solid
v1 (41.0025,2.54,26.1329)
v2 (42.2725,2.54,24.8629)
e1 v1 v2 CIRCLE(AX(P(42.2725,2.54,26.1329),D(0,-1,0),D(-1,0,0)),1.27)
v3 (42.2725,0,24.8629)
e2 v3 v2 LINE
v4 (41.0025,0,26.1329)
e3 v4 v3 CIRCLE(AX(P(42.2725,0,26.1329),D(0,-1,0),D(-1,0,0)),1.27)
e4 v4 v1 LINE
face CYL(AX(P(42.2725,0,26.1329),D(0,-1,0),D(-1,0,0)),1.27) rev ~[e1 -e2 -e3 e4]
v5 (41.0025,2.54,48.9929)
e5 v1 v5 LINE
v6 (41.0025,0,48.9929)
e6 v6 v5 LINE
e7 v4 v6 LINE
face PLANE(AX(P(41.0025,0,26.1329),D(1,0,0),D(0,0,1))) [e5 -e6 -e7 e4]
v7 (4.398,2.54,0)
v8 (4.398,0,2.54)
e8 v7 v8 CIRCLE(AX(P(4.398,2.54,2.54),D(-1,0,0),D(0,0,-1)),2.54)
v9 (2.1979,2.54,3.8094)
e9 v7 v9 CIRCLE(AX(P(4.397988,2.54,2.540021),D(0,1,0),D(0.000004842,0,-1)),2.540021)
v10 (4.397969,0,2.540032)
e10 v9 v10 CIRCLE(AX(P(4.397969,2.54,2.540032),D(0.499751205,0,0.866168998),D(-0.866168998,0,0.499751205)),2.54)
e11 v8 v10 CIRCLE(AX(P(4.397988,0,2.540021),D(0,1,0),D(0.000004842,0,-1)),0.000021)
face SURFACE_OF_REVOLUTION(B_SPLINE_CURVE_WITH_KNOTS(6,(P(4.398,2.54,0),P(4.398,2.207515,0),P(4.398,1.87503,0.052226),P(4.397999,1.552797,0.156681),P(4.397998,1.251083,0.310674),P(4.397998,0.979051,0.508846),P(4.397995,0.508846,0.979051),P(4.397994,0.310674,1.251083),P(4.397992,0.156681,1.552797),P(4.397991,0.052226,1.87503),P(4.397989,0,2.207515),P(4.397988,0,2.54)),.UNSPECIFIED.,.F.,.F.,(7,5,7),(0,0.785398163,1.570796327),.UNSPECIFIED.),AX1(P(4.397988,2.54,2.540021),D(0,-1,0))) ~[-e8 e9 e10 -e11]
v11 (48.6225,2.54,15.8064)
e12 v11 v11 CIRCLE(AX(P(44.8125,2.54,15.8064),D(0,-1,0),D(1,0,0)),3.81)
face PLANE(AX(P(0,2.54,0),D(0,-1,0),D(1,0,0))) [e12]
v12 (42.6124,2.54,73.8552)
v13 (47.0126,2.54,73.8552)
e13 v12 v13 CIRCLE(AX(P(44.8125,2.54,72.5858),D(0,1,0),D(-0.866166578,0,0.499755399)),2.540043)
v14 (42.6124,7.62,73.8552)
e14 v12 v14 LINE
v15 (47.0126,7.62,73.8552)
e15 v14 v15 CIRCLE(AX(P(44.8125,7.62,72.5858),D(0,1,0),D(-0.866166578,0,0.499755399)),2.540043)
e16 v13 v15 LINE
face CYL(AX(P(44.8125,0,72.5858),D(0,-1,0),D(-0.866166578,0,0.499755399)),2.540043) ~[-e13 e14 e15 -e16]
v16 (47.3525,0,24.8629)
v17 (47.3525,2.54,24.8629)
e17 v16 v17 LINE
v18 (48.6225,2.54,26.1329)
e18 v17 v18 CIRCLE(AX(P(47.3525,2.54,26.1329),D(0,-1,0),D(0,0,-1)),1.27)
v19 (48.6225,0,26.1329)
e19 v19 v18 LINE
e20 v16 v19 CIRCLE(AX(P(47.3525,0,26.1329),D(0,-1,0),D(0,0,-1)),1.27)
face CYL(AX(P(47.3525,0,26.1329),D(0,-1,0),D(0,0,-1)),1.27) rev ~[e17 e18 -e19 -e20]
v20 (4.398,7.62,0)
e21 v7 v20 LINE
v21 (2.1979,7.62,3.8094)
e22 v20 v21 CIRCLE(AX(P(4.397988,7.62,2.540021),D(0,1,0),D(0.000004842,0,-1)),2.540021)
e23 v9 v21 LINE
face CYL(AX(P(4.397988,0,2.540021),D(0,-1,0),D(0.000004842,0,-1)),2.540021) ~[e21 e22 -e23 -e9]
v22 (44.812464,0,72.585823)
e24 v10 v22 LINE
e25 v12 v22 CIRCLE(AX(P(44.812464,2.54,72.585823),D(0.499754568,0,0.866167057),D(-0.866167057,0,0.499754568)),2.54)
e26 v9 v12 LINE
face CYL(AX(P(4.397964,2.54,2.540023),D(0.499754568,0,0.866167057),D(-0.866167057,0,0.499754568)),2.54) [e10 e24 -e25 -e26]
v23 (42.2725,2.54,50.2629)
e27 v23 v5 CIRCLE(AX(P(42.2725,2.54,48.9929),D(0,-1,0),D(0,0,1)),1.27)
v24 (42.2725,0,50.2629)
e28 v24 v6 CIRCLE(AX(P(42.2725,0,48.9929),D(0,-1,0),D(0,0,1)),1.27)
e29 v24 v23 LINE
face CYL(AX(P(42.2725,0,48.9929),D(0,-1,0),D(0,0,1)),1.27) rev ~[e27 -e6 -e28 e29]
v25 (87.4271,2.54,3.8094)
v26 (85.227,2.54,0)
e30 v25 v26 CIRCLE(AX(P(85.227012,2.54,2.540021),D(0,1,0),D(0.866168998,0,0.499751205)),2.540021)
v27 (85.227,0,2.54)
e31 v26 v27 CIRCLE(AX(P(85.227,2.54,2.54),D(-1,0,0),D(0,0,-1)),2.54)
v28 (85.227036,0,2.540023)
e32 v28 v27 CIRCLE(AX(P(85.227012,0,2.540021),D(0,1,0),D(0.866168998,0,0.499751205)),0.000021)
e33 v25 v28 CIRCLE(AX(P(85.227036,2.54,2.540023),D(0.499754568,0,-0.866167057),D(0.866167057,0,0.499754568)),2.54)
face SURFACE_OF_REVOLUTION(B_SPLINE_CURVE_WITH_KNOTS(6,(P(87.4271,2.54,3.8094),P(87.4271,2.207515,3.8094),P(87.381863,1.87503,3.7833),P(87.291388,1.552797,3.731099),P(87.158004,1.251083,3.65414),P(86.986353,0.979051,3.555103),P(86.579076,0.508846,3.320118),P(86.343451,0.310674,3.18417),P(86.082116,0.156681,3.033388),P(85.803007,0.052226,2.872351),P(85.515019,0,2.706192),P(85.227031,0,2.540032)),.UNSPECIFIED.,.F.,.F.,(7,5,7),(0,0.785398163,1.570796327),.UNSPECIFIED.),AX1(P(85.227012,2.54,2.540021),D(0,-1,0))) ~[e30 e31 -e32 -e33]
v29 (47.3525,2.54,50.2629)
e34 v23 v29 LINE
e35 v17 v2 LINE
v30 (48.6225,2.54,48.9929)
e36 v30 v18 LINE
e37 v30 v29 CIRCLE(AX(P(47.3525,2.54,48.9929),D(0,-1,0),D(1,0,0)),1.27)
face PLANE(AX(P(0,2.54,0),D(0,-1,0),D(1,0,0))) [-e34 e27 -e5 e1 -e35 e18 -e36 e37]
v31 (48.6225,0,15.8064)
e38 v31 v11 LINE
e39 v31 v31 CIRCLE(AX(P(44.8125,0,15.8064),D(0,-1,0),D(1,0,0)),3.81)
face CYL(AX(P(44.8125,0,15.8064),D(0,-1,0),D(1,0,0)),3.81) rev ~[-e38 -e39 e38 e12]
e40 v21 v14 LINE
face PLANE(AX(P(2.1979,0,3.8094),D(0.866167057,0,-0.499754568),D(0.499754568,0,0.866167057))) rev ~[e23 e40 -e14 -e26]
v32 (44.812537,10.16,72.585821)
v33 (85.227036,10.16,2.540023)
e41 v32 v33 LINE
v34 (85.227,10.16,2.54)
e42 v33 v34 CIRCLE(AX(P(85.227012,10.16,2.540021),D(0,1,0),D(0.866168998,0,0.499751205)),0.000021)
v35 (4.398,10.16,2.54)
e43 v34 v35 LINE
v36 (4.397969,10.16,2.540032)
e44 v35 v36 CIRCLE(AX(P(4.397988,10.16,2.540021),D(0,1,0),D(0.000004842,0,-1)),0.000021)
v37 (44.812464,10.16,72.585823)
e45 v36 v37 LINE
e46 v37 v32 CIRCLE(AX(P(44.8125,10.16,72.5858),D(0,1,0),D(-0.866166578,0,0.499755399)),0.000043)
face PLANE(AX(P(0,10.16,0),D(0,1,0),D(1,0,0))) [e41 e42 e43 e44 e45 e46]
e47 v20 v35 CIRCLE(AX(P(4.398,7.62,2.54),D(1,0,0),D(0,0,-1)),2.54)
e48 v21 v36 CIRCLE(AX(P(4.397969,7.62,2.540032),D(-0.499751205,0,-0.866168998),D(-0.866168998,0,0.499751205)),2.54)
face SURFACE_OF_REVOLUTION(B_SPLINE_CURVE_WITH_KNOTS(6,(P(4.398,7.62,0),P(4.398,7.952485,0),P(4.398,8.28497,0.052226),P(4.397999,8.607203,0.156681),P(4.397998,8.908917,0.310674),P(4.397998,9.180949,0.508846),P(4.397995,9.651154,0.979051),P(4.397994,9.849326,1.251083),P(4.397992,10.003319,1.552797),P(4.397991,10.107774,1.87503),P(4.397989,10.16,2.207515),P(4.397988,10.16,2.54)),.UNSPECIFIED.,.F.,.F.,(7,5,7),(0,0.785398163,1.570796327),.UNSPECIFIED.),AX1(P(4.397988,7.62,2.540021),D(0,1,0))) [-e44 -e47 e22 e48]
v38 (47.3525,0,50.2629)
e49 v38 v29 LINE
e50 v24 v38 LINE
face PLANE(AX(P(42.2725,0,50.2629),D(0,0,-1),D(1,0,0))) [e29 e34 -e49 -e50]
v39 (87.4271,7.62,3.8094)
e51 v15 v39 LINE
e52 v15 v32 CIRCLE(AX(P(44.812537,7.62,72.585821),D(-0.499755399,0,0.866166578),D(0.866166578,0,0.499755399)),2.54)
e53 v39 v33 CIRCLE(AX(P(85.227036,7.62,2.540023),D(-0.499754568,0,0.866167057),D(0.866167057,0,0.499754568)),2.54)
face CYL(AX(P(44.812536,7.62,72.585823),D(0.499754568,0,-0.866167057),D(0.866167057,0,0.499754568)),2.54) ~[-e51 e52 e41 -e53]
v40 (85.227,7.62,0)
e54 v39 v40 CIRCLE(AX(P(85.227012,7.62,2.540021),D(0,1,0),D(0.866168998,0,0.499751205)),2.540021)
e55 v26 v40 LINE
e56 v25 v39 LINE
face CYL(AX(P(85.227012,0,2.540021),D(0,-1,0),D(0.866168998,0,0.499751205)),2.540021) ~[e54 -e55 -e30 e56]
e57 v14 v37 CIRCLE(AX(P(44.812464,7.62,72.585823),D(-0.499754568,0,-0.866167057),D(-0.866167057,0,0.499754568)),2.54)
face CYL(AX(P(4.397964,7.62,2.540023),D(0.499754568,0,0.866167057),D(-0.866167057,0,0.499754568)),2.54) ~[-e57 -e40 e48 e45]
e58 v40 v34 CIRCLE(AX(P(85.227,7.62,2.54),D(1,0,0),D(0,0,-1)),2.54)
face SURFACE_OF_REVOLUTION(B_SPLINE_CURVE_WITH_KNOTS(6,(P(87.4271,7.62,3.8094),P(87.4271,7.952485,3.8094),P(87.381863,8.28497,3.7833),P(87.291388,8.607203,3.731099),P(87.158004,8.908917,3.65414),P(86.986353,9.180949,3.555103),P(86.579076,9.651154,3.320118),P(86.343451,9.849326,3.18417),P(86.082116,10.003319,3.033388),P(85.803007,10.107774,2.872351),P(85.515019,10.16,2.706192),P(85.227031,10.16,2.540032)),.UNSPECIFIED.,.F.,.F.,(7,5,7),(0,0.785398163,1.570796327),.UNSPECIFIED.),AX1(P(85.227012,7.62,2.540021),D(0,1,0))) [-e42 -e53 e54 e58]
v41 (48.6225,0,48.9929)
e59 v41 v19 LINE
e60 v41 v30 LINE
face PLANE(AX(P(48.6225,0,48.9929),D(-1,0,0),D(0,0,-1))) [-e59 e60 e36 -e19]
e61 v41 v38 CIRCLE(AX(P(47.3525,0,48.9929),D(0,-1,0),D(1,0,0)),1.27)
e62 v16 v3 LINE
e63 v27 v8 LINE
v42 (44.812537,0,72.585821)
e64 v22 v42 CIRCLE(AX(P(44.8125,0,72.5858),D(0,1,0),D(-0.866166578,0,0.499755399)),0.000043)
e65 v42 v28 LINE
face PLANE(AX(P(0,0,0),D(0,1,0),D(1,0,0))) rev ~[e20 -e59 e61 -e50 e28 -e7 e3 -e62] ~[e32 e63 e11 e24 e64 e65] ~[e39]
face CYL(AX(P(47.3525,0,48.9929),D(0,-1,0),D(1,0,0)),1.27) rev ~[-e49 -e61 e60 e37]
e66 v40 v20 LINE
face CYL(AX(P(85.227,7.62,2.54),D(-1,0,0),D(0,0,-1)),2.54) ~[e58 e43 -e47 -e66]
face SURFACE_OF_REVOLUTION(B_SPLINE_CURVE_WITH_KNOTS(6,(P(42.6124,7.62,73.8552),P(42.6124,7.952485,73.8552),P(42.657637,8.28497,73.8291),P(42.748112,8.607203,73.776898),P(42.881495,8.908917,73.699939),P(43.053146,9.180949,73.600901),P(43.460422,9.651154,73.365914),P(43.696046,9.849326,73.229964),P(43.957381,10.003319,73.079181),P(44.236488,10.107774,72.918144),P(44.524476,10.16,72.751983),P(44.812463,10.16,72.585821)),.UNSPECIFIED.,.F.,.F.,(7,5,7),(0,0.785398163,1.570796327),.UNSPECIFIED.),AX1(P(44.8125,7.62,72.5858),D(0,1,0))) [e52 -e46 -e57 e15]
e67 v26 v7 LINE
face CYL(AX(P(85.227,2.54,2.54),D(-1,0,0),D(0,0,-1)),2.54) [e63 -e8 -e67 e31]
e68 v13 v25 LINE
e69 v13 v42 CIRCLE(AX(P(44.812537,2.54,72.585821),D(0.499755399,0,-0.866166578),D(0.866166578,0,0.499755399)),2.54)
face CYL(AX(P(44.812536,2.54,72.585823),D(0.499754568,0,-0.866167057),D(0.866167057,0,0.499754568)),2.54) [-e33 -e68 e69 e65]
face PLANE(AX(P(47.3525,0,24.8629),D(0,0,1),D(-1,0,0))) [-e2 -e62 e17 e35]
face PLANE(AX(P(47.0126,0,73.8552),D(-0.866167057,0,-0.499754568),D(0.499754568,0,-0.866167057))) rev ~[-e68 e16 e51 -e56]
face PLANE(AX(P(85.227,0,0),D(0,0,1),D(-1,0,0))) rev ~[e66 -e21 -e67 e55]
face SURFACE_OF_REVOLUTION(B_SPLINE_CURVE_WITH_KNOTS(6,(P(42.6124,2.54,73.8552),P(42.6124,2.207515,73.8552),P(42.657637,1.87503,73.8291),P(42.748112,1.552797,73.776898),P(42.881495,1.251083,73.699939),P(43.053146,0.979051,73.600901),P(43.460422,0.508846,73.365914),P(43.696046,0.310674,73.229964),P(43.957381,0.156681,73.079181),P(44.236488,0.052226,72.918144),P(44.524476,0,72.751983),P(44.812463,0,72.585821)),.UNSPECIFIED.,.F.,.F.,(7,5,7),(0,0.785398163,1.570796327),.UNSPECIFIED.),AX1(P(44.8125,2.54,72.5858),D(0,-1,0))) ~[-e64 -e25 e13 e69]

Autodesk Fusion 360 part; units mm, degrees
sketch "Sketch1" plane through (0, 0, 0) normal (0, 1, 0) x (1, 0, 0)
  line L0 (2.1979, -3.8094) -> (42.6124, -73.8552)
  line L1 (47.0126, -73.8552) -> (87.4271, -3.8094)
  line L2 (85.227, 0) -> (4.398, 0)
  arc A0 (42.6124, -73.8552) -> (47.0126, -73.8552) centre (44.8125, -72.5858) ccw
  arc A1 (87.4271, -3.8094) -> (85.227, 0) centre (85.227, -2.54) ccw
  arc A2 (4.398, 0) -> (2.1979, -3.8094) centre (4.398, -2.54) ccw
  dimension "d1" = 2.54
  dimension "d2" = 2.54
extrude "Extrude1" add sketch "Sketch1" along normal blind 10.16
sketch "Sketch2" plane through (0, 0, 0) normal (0, -1, 0) x (1, 0, 0)
  arc A0 (2.1979, 3.8094) -> (4.398, 0) centre (4.398, 2.54) ccw
  line L0 (4.398, 0) -> (85.227, 0)
  arc A1 (85.227, 0) -> (87.4271, 3.8094) centre (85.227, 2.54) ccw
  line L1 (87.4271, 3.8094) -> (47.0126, 73.8552)
  arc A2 (47.0126, 73.8552) -> (42.6124, 73.8552) centre (44.8125, 72.5858) ccw
  line L2 (42.6124, 73.8552) -> (2.1979, 3.8094)
  circle A3 centre (44.8125, 15.8064) radius 3.81
  line L3 (47.3525, 24.8629) -> (42.2725, 24.8629)
  line L4 (41.0025, 26.1329) -> (41.0025, 48.9929)
  line L5 (42.2725, 50.2629) -> (47.3525, 50.2629)
  line L6 (48.6225, 48.9929) -> (48.6225, 26.1329)
  line L7 (48.6225, 24.8629) -> (41.0025, 50.2629) construction
  line L8 (41.0025, 24.8629) -> (48.6225, 50.2629) construction
  arc A4 (48.6225, 48.9929) -> (47.3525, 50.2629) centre (47.3525, 48.9929) ccw
  arc A5 (42.2725, 50.2629) -> (41.0025, 48.9929) centre (42.2725, 48.9929) ccw
  arc A6 (47.3525, 24.8629) -> (48.6225, 26.1329) centre (47.3525, 26.1329) ccw
  arc A7 (41.0025, 26.1329) -> (42.2725, 24.8629) centre (42.2725, 26.1329) ccw
  point P0 (44.8125, 37.5629)
  dimension "d8" = 7.62
  dimension "d9" = 7.62
  dimension "d10" = 25.4
  dimension "d11" = 1.27
  dimension "d12" = 1.27
extrude "Extrude2" cut sketch "Sketch2" against normal blind 2.54 contours A3 | L3 L4 L5 L6 A4 A5 A6 A7
fillet "Fillet1" radius 2.54 6 edges at (44.8125, 0, 0) (2.1984, 0, 1.2697) (22.4052, 0, 38.8323) (44.8125, 0, 75.1258) (67.2198, 0, 38.8323) (87.4266, 0, 1.2697)
fillet "Fillet2" radius 2.54 6 edges at (44.8125, 10.16, 0) (2.1984, 10.16, 1.2697) (22.4052, 10.16, 38.8323) (44.8125, 10.16, 75.1258) (67.2198, 10.16, 38.8323) (87.4266, 10.16, 1.2697)
